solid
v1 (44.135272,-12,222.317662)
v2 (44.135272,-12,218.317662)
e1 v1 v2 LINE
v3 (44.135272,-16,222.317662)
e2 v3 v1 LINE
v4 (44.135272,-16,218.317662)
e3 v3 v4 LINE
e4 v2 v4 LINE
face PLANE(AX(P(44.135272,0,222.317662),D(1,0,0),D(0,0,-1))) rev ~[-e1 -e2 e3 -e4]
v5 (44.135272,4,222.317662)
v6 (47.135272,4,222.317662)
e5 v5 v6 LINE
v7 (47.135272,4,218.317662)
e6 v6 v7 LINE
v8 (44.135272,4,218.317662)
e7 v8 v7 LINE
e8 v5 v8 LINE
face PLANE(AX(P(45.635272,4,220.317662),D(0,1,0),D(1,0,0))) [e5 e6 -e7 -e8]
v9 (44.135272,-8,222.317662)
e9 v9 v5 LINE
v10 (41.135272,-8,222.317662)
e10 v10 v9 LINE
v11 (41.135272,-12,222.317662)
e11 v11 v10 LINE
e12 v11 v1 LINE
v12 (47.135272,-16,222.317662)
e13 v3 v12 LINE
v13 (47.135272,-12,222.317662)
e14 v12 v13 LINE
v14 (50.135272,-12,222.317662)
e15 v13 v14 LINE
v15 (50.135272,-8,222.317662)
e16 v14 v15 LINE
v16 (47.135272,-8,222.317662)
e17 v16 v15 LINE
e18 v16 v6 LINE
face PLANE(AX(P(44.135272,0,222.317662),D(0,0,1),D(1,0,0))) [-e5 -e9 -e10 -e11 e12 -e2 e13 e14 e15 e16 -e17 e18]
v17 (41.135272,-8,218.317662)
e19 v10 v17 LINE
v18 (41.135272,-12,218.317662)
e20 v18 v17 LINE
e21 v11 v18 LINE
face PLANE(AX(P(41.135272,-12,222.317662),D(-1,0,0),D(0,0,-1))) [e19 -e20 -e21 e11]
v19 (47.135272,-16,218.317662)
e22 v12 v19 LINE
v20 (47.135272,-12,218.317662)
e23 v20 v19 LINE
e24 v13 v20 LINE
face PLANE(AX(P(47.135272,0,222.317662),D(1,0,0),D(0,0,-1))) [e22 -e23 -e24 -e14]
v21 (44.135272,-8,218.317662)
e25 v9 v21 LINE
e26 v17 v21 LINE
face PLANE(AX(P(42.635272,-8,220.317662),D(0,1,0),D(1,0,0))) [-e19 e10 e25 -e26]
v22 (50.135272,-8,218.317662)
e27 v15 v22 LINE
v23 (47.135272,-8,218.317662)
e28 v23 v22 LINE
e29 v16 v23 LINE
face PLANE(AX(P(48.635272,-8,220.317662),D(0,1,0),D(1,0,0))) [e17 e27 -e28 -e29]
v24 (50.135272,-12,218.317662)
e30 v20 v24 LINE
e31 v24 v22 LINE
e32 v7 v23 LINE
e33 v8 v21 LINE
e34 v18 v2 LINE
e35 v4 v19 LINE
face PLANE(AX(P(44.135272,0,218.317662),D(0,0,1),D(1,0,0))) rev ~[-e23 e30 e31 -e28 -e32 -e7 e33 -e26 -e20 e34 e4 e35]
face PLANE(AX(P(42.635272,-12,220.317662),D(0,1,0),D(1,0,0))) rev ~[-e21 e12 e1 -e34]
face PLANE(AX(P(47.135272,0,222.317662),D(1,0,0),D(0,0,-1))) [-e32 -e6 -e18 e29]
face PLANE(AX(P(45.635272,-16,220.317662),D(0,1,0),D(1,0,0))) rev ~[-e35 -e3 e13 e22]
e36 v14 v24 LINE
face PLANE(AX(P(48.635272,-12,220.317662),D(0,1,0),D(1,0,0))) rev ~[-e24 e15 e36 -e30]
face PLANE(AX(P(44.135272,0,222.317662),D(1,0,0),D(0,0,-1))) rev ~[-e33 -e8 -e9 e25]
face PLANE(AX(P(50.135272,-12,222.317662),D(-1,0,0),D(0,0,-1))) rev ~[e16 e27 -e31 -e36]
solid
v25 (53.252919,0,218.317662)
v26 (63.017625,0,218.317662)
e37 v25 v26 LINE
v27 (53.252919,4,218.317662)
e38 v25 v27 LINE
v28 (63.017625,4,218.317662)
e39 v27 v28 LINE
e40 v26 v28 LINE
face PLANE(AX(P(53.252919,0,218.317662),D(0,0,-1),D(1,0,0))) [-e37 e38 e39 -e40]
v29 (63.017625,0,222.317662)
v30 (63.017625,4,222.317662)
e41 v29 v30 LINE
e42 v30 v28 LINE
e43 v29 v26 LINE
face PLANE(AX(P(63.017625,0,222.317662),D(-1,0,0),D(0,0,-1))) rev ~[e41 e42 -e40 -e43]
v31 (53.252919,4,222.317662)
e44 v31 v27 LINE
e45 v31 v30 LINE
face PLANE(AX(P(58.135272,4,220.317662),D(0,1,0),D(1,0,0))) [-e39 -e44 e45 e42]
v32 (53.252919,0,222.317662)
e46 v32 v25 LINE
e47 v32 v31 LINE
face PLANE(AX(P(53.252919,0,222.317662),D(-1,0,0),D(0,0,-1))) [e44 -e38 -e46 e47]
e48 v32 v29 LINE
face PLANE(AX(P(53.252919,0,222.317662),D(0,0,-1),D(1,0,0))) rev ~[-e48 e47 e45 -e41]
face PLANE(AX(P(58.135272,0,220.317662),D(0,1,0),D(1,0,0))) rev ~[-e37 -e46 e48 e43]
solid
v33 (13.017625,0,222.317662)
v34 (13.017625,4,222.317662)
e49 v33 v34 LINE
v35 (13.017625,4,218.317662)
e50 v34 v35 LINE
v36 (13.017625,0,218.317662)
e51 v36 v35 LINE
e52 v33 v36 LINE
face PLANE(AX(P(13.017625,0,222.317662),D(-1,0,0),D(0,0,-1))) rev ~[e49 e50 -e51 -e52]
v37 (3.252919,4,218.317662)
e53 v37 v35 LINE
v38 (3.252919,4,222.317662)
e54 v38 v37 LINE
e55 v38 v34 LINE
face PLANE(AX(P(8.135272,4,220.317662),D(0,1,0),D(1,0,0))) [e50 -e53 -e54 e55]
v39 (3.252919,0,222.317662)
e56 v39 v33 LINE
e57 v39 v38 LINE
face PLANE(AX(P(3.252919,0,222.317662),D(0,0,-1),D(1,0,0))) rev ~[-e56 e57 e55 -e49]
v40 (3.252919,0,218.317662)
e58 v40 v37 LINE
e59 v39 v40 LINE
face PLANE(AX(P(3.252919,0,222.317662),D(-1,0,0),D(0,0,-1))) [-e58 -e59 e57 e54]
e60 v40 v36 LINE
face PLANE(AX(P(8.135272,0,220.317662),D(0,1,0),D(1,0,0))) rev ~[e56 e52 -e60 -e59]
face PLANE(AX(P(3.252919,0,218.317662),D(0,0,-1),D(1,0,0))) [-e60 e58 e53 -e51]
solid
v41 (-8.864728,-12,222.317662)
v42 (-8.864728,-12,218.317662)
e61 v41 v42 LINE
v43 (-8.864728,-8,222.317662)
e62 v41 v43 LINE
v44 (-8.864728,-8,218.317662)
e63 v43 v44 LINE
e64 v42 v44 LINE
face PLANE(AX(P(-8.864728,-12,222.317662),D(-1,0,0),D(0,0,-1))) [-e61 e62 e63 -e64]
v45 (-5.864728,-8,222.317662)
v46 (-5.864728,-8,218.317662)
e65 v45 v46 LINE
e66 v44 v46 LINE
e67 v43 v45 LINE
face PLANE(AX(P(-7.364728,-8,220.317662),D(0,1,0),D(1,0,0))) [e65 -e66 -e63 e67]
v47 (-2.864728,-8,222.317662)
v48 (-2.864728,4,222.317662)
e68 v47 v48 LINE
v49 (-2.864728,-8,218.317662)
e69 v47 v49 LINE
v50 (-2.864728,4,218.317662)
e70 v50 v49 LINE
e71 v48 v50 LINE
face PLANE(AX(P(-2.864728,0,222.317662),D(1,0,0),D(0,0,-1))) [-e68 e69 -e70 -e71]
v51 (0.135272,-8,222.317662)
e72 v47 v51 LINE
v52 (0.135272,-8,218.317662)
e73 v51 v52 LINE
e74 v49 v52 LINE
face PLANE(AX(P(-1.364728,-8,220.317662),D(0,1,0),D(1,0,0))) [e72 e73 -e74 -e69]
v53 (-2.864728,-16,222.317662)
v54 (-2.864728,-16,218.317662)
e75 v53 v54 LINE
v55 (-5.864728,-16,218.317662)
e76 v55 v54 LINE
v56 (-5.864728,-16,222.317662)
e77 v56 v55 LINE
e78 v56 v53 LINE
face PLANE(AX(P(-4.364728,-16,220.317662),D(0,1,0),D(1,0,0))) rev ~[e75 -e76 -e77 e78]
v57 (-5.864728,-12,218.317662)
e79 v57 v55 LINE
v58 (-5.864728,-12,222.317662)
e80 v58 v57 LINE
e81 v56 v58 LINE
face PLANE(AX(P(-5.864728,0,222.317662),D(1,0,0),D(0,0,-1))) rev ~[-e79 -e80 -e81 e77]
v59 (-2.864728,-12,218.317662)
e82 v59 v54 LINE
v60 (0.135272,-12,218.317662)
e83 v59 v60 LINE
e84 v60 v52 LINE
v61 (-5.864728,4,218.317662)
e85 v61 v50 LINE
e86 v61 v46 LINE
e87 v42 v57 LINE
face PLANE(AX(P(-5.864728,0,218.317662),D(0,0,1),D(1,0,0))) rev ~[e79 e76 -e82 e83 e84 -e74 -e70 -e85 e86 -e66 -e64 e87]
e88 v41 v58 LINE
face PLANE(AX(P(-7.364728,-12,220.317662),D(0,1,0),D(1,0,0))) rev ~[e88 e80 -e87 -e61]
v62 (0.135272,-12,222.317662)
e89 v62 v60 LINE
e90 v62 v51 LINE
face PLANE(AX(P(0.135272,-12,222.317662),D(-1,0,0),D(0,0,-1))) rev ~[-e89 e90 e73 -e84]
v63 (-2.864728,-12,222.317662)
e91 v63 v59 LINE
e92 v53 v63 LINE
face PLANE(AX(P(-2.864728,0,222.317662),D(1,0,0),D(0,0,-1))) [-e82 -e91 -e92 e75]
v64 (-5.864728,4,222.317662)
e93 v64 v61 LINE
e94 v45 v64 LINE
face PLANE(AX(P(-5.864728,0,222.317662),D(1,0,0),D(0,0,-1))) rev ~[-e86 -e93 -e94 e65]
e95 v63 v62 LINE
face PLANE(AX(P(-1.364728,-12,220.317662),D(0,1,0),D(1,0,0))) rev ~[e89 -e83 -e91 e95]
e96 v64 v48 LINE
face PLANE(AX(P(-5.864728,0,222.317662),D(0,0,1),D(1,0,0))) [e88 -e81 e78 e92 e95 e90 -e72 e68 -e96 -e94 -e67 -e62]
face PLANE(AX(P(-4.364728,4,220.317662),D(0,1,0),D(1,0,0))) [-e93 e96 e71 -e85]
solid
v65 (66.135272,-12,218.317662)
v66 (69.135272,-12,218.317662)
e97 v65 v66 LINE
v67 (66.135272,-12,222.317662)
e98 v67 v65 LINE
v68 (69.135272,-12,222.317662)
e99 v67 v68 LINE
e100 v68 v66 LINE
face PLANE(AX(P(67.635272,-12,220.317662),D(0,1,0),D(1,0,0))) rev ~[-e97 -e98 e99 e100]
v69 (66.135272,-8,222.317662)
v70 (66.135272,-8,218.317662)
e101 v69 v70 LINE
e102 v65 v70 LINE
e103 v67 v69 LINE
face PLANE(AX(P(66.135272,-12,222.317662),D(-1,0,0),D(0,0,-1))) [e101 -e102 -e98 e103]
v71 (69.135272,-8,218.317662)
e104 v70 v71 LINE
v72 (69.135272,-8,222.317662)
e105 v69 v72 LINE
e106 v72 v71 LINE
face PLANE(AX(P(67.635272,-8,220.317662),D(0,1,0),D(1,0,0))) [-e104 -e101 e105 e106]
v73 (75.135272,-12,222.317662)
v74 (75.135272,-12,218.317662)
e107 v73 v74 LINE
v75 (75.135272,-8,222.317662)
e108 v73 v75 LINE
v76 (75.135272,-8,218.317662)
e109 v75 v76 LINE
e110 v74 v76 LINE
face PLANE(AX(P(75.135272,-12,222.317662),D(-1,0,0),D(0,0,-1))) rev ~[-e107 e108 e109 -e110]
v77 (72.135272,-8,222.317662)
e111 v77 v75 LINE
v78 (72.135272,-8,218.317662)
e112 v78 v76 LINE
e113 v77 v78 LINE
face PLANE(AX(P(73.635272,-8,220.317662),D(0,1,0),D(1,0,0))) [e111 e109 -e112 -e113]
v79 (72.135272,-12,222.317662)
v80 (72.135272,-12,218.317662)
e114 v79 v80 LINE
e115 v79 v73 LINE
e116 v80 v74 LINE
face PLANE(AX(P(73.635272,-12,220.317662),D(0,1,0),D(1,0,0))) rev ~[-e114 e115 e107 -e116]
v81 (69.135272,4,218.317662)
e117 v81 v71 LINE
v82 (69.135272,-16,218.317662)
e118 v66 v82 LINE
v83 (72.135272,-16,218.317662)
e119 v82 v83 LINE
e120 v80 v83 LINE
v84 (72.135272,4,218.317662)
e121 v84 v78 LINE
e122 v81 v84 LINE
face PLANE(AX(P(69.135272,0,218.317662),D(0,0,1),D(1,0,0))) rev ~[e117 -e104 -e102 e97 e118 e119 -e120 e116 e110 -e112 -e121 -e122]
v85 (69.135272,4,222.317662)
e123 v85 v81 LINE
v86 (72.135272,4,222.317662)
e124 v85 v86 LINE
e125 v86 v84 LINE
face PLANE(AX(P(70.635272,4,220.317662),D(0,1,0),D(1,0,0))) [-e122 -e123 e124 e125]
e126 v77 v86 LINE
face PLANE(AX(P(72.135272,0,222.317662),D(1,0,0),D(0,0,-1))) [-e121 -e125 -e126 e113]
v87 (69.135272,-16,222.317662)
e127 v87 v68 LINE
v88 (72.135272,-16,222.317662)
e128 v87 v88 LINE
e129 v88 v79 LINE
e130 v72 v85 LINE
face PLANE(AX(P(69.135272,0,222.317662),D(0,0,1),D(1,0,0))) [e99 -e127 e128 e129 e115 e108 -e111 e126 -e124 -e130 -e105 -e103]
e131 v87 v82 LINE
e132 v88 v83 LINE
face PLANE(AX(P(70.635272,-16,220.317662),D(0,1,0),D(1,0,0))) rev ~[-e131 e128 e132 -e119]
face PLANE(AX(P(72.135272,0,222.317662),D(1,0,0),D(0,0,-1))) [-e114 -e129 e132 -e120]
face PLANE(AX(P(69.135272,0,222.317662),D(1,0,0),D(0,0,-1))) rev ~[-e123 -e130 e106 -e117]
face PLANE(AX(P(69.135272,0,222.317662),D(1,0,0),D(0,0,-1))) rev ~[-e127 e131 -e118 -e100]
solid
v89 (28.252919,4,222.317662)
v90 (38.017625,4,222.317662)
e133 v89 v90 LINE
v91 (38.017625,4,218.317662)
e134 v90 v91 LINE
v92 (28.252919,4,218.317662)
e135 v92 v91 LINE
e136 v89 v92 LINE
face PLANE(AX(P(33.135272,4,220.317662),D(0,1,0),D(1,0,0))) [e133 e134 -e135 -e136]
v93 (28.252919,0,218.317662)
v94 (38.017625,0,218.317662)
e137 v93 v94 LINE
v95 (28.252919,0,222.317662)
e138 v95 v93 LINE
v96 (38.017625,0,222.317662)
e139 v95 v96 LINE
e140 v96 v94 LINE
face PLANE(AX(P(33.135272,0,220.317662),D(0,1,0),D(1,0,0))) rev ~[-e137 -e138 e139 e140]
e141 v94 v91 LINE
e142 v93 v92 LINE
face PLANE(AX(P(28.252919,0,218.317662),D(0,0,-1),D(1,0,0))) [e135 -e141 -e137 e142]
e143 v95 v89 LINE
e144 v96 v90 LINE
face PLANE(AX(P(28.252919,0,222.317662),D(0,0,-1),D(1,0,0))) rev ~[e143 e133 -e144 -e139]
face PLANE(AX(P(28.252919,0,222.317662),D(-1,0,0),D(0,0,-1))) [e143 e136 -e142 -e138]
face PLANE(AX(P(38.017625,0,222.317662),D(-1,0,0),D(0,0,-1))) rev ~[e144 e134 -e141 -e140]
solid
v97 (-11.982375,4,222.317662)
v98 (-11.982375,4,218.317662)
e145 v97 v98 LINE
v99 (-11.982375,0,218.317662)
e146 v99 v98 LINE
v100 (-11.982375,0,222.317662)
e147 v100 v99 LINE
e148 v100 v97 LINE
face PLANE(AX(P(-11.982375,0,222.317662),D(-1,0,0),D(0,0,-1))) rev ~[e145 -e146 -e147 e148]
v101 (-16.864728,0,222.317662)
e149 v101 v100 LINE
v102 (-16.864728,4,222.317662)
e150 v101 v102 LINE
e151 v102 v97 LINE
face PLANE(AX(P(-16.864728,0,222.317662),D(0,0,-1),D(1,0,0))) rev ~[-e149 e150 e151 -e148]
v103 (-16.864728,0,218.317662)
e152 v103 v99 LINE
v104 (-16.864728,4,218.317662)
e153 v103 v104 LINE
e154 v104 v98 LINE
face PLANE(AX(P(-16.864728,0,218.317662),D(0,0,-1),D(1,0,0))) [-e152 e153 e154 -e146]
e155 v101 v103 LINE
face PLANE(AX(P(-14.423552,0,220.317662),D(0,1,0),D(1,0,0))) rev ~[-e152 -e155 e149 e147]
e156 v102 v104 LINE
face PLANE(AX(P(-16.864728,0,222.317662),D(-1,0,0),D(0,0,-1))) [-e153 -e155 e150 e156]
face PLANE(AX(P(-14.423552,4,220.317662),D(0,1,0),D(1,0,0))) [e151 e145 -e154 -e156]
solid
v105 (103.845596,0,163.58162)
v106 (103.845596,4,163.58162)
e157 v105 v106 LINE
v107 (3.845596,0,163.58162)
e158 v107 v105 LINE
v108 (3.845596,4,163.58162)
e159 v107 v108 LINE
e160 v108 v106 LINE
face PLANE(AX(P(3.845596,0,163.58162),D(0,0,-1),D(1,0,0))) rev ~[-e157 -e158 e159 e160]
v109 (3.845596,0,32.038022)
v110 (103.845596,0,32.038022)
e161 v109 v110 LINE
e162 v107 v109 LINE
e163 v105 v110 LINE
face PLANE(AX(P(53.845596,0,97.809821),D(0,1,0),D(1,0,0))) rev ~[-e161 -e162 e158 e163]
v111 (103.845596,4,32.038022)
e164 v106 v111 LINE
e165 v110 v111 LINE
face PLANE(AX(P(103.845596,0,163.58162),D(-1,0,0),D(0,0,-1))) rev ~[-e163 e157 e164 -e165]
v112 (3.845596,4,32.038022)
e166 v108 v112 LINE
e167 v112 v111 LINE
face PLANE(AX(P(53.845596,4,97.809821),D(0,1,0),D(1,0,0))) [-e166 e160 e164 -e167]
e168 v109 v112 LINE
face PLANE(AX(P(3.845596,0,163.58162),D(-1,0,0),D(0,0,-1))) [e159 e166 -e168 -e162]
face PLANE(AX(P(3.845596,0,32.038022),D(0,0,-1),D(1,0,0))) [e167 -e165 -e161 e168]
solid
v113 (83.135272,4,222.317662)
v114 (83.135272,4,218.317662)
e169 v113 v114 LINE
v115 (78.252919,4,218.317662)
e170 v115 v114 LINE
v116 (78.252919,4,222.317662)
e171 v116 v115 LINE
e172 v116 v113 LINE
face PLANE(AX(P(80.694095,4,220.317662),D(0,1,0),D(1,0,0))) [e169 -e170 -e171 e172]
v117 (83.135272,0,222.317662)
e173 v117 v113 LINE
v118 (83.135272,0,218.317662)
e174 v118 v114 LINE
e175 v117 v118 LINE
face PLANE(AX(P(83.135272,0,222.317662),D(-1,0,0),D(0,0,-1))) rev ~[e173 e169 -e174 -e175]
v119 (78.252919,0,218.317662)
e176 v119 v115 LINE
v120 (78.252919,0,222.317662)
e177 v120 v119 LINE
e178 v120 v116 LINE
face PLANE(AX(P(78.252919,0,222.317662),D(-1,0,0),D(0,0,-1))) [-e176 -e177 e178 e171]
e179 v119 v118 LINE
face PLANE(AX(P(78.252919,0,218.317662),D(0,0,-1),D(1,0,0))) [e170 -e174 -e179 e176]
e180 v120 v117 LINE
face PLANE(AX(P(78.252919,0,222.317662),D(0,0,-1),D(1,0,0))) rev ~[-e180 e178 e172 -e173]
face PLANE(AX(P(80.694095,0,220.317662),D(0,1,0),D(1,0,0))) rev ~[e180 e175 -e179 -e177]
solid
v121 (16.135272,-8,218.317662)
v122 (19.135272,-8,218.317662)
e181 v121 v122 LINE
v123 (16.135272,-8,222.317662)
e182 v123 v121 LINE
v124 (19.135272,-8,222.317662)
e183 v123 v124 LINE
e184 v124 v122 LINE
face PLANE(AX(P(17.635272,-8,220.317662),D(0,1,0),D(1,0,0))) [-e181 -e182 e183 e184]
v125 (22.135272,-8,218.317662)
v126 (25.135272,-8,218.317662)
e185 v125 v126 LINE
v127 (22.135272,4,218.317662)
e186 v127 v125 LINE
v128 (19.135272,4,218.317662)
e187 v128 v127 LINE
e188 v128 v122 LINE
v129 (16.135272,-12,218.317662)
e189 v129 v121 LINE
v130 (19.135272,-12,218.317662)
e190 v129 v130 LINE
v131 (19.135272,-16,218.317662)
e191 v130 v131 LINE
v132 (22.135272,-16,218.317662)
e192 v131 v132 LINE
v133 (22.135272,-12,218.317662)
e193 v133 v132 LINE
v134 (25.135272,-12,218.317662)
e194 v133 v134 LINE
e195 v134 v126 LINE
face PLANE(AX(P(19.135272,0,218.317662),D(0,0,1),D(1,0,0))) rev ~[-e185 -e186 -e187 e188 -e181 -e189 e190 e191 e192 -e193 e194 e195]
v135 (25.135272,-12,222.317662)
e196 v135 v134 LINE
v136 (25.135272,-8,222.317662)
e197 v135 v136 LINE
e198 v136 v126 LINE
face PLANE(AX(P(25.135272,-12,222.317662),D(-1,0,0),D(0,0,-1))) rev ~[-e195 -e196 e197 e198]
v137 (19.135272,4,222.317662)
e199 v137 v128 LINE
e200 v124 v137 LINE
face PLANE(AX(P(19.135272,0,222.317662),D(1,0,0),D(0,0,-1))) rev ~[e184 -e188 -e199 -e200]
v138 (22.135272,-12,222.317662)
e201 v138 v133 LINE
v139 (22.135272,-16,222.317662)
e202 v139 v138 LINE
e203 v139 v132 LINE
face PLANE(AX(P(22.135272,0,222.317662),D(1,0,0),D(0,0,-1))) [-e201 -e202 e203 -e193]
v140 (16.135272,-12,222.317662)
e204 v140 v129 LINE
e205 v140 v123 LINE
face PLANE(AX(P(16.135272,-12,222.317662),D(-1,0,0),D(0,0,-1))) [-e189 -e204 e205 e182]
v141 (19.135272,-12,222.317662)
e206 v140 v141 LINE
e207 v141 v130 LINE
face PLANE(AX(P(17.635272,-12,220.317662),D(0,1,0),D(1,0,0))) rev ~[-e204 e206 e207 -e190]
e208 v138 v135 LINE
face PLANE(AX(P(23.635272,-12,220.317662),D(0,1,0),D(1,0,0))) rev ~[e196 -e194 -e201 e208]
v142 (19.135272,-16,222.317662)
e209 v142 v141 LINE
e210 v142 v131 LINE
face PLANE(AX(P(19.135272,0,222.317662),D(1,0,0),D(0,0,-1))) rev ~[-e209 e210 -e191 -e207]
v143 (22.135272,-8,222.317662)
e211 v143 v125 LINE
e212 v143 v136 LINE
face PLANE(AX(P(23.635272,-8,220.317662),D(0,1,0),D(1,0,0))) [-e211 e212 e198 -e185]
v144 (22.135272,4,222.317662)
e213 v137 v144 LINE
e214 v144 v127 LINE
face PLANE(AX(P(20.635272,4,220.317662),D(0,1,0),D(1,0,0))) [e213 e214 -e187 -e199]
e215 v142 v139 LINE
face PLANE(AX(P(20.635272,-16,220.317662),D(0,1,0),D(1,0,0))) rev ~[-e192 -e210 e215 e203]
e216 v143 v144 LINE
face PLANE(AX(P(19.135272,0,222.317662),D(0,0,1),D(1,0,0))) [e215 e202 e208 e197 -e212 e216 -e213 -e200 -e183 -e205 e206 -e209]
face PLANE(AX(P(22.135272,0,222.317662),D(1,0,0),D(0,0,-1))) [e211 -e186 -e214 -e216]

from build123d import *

# Parameters (mm, degrees)
SKETCH3_W             = 4.882352942
SKETCH3_H             = 4
BOSS_EXTRUDE2_DEPTH   = 4
SKETCH3_W_2           = 3
BOSS_EXTRUDE2_2_DEPTH = 4
SKETCH3_W_3           = 9.764705883
BOSS_EXTRUDE2_3_DEPTH = 4
BOSS_EXTRUDE2_4_DEPTH = 4
BOSS_EXTRUDE2_5_DEPTH = 4
BOSS_EXTRUDE2_6_DEPTH = 4
BOSS_EXTRUDE2_7_DEPTH = 4
BOSS_EXTRUDE2_8_DEPTH = 4
SKETCH3_W_4           = 4.882352941
BOSS_EXTRUDE2_9_DEPTH = 4
SKETCH3_6_W           = 3
SKETCH3_6_H           = 4
BOSS_EXTRUDE4_DEPTH   = 16
BOSS_EXTRUDE5_START   = -12
SKETCH3_7_W           = 3
SKETCH3_7_H           = 4
BOSS_EXTRUDE5_DEPTH   = 4
SKETCH4_W             = 100
SKETCH4_H             = 131.543597655
BOSS_EXTRUDE6_DEPTH   = 4


with BuildPart() as part:
    # Sketch3 → Boss-Extrude2 (new body)
    with BuildSketch(Plane(origin=(0, 0, 0), x_dir=(1, 0, 0), z_dir=(0, 1, 0))):
        with Locations((-14.423551679, -220.31766228)):
            Rectangle(SKETCH3_W, SKETCH3_H)
    extrude(amount=BOSS_EXTRUDE2_DEPTH)


with BuildPart() as body_2:
    # Sketch3 → Boss-Extrude2 2 (new body)
    with BuildSketch(Plane(origin=(0, 0, 0), x_dir=(1, 0, 0), z_dir=(0, 1, 0))):
        with Locations((-4.36472815, -220.31766228)):
            Rectangle(SKETCH3_W_2, SKETCH3_H)
    extrude(amount=BOSS_EXTRUDE2_2_DEPTH)



with BuildPart() as body_3:
    # Sketch3 → Boss-Extrude2 3 (new body)
    with BuildSketch(Plane(origin=(0, 0, 0), x_dir=(1, 0, 0), z_dir=(0, 1, 0))):
        with Locations((8.135271851, -220.31766228)):
            Rectangle(SKETCH3_W_3, SKETCH3_H)
    extrude(amount=BOSS_EXTRUDE2_3_DEPTH)


with BuildPart() as body_4:
    # Sketch3 → Boss-Extrude2 4 (new body)
    with BuildSketch(Plane(origin=(0, 0, 0), x_dir=(1, 0, 0), z_dir=(0, 1, 0))):
        with Locations((20.63527185, -220.31766228)):
            Rectangle(SKETCH3_W_2, SKETCH3_H)
    extrude(amount=BOSS_EXTRUDE2_4_DEPTH)


with BuildPart() as body_5:
    # Sketch3 → Boss-Extrude2 5 (new body)
    with BuildSketch(Plane(origin=(0, 0, 0), x_dir=(1, 0, 0), z_dir=(0, 1, 0))):
        with Locations((33.135271851, -220.31766228)):
            Rectangle(SKETCH3_W_3, SKETCH3_H)
    extrude(amount=BOSS_EXTRUDE2_5_DEPTH)


with BuildPart() as body_6:
    # Sketch3 → Boss-Extrude2 6 (new body)
    with BuildSketch(Plane(origin=(0, 0, 0), x_dir=(1, 0, 0), z_dir=(0, 1, 0))):
        with Locations((45.63527185, -220.31766228)):
            Rectangle(SKETCH3_W_2, SKETCH3_H)
    extrude(amount=BOSS_EXTRUDE2_6_DEPTH)


with BuildPart() as body_7:
    # Sketch3 → Boss-Extrude2 7 (new body)
    with BuildSketch(Plane(origin=(0, 0, 0), x_dir=(1, 0, 0), z_dir=(0, 1, 0))):
        with Locations((58.135271851, -220.31766228)):
            Rectangle(SKETCH3_W_3, SKETCH3_H)
    extrude(amount=BOSS_EXTRUDE2_7_DEPTH)


with BuildPart() as body_8:
    # Sketch3 → Boss-Extrude2 8 (new body)
    with BuildSketch(Plane(origin=(0, 0, 0), x_dir=(1, 0, 0), z_dir=(0, 1, 0))):
        with Locations((70.63527185, -220.31766228)):
            Rectangle(SKETCH3_W_2, SKETCH3_H)
    extrude(amount=BOSS_EXTRUDE2_8_DEPTH)


with BuildPart() as body_9:
    # Sketch3 → Boss-Extrude2 9 (new body)
    with BuildSketch(Plane(origin=(0, 0, 0), x_dir=(1, 0, 0), z_dir=(0, 1, 0))):
        with Locations((80.694095379, -220.31766228)):
            Rectangle(SKETCH3_W_4, SKETCH3_H)
    extrude(amount=BOSS_EXTRUDE2_9_DEPTH)


with BuildPart() as body_2_1:
    add(body_2.part)

    add(body_4.part)  # Boss-Extrude4 merges body 4

    add(body_6.part)  # Boss-Extrude4 merges body 6

    add(body_8.part)  # Boss-Extrude4 merges body 8
    # Sketch3<6> → Boss-Extrude4 (add)
    with BuildSketch(Plane(origin=(0, 0, 0), x_dir=(1, 0, 0), z_dir=(0, 1, 0))):
        with Locations((-4.36472815, -220.31766228)):
            Rectangle(SKETCH3_6_W, SKETCH3_6_H)
        with Locations((20.63527185, -220.31766228)):
            Rectangle(SKETCH3_6_W, SKETCH3_6_H)
        with Locations((45.63527185, -220.31766228)):
            Rectangle(SKETCH3_6_W, SKETCH3_6_H)
        with Locations((70.63527185, -220.31766228)):
            Rectangle(SKETCH3_6_W, SKETCH3_6_H)
    extrude(amount=-BOSS_EXTRUDE4_DEPTH)

    # Sketch3<7> → Boss-Extrude5 (add)
    with BuildSketch(Plane(origin=(0, 0, 0), x_dir=(1, 0, 0), z_dir=(0, 1, 0)).offset(BOSS_EXTRUDE5_START)):
        with Locations((-7.36472815, -220.31766228)):
            Rectangle(SKETCH3_7_W, SKETCH3_7_H)
        with Locations((-1.36472815, -220.31766228)):
            Rectangle(SKETCH3_7_W, SKETCH3_7_H)
        with Locations((17.63527185, -220.31766228)):
            Rectangle(SKETCH3_7_W, SKETCH3_7_H)
        with Locations((23.63527185, -220.31766228)):
            Rectangle(SKETCH3_7_W, SKETCH3_7_H)
        with Locations((42.63527185, -220.31766228)):
            Rectangle(SKETCH3_7_W, SKETCH3_7_H)
        with Locations((48.63527185, -220.31766228)):
            Rectangle(SKETCH3_7_W, SKETCH3_7_H)
        with Locations((67.63527185, -220.31766228)):
            Rectangle(SKETCH3_7_W, SKETCH3_7_H)
        with Locations((73.63527185, -220.31766228)):
            Rectangle(SKETCH3_7_W, SKETCH3_7_H)
    extrude(amount=BOSS_EXTRUDE5_DEPTH)


with BuildPart() as body_7_2:
    # Sketch4 → Boss-Extrude6 (new body)
    with BuildSketch(Plane(origin=(0, 0, 0), x_dir=(1, 0, 0), z_dir=(0, 1, 0))):
        with Locations((53.84559612, -97.809820722)):
            Rectangle(SKETCH4_W, SKETCH4_H)
    extrude(amount=BOSS_EXTRUDE6_DEPTH)


solid = Compound([part.part, body_3.part, body_5.part, body_7.part, body_9.part, body_2_1.part, body_7_2.part])
